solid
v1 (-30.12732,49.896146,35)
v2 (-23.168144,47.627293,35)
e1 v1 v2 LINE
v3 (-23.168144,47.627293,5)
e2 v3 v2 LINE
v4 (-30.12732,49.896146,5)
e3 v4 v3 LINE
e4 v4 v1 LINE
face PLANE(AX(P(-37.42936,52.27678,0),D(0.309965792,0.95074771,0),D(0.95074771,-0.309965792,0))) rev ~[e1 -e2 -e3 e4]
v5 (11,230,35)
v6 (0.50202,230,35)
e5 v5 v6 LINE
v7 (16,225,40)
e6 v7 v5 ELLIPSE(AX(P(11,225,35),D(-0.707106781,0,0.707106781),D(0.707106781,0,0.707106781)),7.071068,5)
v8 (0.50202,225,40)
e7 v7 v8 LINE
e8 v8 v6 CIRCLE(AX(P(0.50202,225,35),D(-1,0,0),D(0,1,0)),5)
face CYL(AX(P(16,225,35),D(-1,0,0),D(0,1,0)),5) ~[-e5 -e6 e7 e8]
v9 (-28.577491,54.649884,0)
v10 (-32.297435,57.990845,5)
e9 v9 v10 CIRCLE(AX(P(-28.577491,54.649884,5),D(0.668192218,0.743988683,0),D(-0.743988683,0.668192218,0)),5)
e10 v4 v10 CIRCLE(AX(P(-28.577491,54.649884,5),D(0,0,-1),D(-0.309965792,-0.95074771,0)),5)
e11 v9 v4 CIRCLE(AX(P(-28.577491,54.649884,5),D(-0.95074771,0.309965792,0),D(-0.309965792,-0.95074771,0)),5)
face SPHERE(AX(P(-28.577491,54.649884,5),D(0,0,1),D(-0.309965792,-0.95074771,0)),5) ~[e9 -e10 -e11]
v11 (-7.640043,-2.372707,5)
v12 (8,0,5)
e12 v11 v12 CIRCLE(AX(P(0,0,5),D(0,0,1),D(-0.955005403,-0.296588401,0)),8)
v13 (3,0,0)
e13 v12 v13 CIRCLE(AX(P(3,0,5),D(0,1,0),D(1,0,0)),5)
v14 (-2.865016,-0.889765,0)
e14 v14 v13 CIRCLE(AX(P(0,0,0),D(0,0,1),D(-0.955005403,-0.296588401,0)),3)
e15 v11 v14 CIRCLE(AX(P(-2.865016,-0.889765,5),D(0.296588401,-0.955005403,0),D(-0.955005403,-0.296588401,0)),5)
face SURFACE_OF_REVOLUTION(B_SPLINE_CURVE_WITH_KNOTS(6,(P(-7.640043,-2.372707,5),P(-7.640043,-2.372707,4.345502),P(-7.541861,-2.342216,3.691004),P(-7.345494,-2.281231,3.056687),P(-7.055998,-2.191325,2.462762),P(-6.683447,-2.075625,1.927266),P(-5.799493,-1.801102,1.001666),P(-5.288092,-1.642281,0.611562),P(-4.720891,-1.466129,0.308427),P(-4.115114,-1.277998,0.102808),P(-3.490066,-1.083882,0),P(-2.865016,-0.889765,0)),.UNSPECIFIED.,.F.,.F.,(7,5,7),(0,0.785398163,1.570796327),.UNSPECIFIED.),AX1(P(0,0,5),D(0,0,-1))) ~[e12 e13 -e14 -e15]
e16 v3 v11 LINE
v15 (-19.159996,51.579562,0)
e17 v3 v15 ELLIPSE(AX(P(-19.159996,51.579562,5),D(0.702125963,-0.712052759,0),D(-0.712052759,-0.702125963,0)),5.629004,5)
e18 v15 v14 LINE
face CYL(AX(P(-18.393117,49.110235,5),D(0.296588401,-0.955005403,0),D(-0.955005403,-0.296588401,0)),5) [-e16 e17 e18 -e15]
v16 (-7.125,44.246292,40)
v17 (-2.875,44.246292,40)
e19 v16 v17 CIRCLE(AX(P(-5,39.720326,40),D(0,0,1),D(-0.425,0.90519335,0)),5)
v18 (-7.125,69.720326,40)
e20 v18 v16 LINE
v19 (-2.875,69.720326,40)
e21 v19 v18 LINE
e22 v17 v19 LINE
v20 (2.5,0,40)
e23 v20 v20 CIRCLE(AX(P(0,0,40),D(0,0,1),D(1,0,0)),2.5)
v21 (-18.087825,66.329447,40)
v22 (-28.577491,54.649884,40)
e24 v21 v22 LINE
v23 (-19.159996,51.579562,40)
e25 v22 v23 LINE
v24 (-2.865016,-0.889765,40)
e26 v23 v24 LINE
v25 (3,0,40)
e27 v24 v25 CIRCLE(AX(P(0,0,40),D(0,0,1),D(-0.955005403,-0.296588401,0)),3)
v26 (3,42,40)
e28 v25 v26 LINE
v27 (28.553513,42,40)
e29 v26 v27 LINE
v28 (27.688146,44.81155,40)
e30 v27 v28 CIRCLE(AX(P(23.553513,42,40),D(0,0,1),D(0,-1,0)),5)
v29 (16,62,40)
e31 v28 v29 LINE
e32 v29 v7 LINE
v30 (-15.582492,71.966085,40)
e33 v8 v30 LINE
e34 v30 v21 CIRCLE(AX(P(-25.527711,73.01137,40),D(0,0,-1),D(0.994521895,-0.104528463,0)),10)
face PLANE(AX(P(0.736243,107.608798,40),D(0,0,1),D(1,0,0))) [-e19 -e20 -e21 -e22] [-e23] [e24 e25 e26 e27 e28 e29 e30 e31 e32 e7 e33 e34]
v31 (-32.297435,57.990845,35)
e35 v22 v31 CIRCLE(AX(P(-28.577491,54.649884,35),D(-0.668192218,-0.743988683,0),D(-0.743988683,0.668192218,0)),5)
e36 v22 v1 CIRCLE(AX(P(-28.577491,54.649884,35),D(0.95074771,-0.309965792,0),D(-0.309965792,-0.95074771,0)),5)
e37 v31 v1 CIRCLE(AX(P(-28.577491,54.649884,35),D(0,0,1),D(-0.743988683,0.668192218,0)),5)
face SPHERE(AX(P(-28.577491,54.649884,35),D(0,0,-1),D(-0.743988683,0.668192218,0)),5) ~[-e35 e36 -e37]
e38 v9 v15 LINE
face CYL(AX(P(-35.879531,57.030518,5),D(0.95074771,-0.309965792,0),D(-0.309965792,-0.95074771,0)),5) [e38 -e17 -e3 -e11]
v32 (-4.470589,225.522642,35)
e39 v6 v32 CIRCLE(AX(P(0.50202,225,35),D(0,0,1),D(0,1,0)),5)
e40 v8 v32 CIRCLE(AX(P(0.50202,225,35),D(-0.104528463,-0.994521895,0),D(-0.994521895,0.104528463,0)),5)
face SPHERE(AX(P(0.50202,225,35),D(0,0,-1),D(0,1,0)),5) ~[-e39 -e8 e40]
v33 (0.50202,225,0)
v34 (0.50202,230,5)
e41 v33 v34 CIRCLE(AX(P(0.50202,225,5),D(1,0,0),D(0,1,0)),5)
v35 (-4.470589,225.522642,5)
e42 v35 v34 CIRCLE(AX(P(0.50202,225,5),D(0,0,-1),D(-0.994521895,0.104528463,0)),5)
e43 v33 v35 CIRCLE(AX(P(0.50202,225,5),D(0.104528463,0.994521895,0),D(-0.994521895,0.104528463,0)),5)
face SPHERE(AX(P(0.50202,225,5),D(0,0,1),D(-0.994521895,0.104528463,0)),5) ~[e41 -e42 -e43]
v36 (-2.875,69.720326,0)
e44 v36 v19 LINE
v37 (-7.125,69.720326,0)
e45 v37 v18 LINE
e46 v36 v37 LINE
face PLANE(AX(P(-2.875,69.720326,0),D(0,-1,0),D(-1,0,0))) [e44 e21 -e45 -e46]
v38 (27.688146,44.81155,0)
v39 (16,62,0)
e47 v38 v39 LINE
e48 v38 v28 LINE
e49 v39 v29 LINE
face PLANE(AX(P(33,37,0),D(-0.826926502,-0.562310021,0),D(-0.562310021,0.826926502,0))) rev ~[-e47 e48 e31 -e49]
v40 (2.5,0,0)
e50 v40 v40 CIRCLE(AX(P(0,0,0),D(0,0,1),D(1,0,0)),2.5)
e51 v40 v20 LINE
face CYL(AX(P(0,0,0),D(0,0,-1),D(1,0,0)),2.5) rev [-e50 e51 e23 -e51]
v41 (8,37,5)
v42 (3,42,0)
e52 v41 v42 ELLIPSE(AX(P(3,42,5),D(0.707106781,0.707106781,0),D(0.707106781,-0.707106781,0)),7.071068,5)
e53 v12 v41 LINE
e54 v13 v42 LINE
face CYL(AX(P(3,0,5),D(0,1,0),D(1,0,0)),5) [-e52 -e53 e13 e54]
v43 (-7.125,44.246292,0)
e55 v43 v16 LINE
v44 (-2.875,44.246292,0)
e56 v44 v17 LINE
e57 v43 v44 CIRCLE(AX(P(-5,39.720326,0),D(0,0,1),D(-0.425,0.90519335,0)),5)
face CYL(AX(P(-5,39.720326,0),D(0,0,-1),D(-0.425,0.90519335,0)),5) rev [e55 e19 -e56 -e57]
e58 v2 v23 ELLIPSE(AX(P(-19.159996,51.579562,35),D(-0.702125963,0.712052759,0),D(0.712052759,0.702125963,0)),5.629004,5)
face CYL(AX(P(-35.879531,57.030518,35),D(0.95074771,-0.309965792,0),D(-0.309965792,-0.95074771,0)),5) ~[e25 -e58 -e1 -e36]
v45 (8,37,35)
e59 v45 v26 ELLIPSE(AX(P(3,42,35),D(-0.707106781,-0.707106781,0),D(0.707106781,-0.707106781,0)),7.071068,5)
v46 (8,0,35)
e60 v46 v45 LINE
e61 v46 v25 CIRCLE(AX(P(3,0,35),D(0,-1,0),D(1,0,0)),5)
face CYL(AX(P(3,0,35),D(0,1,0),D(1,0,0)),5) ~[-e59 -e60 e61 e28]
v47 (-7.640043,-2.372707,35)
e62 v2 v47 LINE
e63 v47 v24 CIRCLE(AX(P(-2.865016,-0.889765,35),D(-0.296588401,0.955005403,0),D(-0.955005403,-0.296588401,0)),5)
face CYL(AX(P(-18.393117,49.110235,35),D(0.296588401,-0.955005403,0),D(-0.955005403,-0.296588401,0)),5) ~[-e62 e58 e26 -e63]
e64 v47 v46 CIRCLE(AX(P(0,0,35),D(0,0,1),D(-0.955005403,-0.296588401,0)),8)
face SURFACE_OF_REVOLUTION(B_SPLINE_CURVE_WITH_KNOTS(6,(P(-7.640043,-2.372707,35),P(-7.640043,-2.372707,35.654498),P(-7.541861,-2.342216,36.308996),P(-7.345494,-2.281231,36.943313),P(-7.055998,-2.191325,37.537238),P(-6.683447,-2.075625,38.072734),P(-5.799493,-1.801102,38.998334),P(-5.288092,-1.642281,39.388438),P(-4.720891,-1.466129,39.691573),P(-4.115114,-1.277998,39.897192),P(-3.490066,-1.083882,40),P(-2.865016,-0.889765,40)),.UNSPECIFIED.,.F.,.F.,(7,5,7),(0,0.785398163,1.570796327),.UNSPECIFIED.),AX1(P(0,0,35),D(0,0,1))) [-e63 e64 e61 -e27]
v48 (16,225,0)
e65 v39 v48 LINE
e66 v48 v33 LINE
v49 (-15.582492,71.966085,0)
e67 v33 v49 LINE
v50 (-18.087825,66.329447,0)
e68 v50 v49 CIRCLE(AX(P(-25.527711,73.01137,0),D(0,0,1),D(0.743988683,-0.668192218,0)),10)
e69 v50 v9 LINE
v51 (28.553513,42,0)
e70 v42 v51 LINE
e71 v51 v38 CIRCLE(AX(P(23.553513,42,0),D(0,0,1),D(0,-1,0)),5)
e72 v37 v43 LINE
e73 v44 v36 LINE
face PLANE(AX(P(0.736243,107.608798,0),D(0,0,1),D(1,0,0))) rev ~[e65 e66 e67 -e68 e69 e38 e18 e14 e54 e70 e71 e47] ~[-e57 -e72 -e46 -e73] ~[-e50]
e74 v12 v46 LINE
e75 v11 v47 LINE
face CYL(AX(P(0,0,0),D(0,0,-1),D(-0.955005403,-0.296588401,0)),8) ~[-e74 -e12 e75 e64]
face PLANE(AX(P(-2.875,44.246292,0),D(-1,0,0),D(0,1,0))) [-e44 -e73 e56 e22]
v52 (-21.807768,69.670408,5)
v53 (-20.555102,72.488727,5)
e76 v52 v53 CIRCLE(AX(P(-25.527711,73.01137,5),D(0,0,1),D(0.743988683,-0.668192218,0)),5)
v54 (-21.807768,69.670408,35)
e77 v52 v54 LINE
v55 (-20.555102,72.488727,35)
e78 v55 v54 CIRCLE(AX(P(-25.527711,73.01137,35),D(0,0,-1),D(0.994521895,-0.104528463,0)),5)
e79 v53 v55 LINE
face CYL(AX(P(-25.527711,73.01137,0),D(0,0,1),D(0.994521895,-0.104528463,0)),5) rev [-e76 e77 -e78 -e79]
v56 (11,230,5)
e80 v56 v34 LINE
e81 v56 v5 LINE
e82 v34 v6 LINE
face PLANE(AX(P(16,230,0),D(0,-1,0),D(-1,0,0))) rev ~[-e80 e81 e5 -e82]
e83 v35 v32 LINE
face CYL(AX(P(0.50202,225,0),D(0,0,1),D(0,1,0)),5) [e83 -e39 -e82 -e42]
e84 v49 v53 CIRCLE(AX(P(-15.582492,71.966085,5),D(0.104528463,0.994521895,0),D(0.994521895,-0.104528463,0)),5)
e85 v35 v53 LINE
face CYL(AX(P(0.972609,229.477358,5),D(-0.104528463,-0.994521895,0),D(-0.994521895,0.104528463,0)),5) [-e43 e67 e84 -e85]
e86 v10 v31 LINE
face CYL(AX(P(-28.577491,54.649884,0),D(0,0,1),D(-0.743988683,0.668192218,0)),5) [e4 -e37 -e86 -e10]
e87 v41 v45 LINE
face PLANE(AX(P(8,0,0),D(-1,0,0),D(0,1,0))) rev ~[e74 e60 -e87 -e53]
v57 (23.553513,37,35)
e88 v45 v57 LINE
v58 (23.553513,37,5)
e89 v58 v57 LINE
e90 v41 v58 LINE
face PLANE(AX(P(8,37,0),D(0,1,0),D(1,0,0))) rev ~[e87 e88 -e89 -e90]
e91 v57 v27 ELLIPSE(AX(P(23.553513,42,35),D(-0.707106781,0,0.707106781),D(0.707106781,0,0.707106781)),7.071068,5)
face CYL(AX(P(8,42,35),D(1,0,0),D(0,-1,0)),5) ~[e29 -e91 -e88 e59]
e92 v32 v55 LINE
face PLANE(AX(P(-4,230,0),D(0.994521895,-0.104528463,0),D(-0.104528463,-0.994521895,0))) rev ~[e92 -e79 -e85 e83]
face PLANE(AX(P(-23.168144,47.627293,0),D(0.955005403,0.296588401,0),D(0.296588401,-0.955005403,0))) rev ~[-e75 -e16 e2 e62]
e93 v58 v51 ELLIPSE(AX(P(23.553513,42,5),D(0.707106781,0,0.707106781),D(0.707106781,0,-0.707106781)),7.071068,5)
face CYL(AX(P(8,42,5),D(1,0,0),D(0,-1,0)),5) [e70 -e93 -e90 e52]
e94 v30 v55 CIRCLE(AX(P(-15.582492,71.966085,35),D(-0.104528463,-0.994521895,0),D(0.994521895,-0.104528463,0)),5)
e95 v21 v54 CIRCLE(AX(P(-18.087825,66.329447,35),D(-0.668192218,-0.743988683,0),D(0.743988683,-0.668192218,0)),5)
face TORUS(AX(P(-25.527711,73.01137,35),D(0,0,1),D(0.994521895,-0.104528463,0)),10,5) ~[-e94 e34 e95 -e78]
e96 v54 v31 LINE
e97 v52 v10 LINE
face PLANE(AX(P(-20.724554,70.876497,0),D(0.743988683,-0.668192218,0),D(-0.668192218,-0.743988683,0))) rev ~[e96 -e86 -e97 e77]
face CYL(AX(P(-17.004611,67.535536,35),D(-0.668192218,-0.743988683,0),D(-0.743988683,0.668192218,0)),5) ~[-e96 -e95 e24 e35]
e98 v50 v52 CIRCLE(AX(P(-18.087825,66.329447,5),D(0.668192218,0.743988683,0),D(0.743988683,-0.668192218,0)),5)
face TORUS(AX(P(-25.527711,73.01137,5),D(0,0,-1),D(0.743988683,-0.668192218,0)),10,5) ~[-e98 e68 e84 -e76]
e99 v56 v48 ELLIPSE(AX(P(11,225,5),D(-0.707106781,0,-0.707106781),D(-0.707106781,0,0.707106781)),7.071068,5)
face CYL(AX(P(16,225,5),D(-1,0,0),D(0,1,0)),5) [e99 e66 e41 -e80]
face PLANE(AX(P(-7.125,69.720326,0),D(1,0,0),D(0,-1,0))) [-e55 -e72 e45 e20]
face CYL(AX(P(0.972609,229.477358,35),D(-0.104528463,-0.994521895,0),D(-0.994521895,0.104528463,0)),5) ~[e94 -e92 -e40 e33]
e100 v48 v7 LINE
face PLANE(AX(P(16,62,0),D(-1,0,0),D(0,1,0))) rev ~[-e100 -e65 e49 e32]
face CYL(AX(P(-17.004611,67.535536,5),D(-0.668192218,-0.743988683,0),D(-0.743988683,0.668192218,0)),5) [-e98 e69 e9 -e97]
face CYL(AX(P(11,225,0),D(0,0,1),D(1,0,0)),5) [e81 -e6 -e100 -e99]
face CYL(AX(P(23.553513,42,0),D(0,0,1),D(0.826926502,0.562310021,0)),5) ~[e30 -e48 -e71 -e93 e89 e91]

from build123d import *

# Parameters (mm, degrees)
SKETCH1_R           = 2.5
BOSS_EXTRUDE1_DEPTH = 40
FILLET1_R           = 5


with BuildPart() as part:
    # Sketch1 → Boss-Extrude1 (new body)
    with BuildSketch(Plane.XY):
        with BuildLine():
            Line((16, 62), (16, 230))
            Line((16, 230), (-4, 230))
            Line((-4, 230), (-20.724554123, 70.876496741))
            Line((-20.724554123, 70.876496741), (-37.429359571, 52.276779675))
            Line((-37.429359571, 52.276779675), (-23.168143925, 47.627292789))
            Line((-23.168143925, 47.627292789), (-7.640043226, -2.372707211))
            ThreePointArc((-7.640043226, -2.372707211), (1.199927955, -7.909498903), (8, 0))
            Line((8, 0), (8, 37))
            Line((8, 37), (33, 37))
            Line((33, 37), (16, 62))
        make_face()
        Circle(SKETCH1_R, mode=Mode.SUBTRACT)
        with BuildLine():
            Line((-2.875, 69.720325745), (-7.125, 69.720325745))
            Line((-7.125, 69.720325745), (-7.125, 44.246292492))
            ThreePointArc((-7.125, 44.246292492), (-5, 34.720325745), (-2.875, 44.246292492))
            Line((-2.875, 44.246292492), (-2.875, 69.720325745))
        make_face(mode=Mode.SUBTRACT)
    extrude(amount=BOSS_EXTRUDE1_DEPTH)

    # Fillet1
    fillet1_edges = [part.edges().sort_by_distance(p)[0] for p in [
        (20.5, 37, 40),
        (-29.076956847, 61.576638208, 0),
        (-12.362277061, 150.438248371, 0),
        (6, 230, 0),
        (20.5, 37, 0),
        (8, 18.5, 0),
        (1.199927955, -7.909498903, 0),
        (-37.429359571, 52.276779675, 20),
        (-20.724554123, 70.876496741, 20),
        (-4, 230, 20),
        (16, 230, 20),
        (33, 37, 20),
        (6, 230, 40),
        (-12.362277061, 150.438248371, 40),
        (-29.076956847, 61.576638208, 40),
        (-30.298751748, 49.952036232, 40),
        (-15.404093575, 22.627292789, 40),
        (1.199927955, -7.909498903, 40),
        (8, 18.5, 40),
        (-15.404093575, 22.627292789, 0),
        (-30.298751748, 49.952036232, 0),
    ]]
    fillet(fillet1_edges, radius=FILLET1_R)


solid = part.part
